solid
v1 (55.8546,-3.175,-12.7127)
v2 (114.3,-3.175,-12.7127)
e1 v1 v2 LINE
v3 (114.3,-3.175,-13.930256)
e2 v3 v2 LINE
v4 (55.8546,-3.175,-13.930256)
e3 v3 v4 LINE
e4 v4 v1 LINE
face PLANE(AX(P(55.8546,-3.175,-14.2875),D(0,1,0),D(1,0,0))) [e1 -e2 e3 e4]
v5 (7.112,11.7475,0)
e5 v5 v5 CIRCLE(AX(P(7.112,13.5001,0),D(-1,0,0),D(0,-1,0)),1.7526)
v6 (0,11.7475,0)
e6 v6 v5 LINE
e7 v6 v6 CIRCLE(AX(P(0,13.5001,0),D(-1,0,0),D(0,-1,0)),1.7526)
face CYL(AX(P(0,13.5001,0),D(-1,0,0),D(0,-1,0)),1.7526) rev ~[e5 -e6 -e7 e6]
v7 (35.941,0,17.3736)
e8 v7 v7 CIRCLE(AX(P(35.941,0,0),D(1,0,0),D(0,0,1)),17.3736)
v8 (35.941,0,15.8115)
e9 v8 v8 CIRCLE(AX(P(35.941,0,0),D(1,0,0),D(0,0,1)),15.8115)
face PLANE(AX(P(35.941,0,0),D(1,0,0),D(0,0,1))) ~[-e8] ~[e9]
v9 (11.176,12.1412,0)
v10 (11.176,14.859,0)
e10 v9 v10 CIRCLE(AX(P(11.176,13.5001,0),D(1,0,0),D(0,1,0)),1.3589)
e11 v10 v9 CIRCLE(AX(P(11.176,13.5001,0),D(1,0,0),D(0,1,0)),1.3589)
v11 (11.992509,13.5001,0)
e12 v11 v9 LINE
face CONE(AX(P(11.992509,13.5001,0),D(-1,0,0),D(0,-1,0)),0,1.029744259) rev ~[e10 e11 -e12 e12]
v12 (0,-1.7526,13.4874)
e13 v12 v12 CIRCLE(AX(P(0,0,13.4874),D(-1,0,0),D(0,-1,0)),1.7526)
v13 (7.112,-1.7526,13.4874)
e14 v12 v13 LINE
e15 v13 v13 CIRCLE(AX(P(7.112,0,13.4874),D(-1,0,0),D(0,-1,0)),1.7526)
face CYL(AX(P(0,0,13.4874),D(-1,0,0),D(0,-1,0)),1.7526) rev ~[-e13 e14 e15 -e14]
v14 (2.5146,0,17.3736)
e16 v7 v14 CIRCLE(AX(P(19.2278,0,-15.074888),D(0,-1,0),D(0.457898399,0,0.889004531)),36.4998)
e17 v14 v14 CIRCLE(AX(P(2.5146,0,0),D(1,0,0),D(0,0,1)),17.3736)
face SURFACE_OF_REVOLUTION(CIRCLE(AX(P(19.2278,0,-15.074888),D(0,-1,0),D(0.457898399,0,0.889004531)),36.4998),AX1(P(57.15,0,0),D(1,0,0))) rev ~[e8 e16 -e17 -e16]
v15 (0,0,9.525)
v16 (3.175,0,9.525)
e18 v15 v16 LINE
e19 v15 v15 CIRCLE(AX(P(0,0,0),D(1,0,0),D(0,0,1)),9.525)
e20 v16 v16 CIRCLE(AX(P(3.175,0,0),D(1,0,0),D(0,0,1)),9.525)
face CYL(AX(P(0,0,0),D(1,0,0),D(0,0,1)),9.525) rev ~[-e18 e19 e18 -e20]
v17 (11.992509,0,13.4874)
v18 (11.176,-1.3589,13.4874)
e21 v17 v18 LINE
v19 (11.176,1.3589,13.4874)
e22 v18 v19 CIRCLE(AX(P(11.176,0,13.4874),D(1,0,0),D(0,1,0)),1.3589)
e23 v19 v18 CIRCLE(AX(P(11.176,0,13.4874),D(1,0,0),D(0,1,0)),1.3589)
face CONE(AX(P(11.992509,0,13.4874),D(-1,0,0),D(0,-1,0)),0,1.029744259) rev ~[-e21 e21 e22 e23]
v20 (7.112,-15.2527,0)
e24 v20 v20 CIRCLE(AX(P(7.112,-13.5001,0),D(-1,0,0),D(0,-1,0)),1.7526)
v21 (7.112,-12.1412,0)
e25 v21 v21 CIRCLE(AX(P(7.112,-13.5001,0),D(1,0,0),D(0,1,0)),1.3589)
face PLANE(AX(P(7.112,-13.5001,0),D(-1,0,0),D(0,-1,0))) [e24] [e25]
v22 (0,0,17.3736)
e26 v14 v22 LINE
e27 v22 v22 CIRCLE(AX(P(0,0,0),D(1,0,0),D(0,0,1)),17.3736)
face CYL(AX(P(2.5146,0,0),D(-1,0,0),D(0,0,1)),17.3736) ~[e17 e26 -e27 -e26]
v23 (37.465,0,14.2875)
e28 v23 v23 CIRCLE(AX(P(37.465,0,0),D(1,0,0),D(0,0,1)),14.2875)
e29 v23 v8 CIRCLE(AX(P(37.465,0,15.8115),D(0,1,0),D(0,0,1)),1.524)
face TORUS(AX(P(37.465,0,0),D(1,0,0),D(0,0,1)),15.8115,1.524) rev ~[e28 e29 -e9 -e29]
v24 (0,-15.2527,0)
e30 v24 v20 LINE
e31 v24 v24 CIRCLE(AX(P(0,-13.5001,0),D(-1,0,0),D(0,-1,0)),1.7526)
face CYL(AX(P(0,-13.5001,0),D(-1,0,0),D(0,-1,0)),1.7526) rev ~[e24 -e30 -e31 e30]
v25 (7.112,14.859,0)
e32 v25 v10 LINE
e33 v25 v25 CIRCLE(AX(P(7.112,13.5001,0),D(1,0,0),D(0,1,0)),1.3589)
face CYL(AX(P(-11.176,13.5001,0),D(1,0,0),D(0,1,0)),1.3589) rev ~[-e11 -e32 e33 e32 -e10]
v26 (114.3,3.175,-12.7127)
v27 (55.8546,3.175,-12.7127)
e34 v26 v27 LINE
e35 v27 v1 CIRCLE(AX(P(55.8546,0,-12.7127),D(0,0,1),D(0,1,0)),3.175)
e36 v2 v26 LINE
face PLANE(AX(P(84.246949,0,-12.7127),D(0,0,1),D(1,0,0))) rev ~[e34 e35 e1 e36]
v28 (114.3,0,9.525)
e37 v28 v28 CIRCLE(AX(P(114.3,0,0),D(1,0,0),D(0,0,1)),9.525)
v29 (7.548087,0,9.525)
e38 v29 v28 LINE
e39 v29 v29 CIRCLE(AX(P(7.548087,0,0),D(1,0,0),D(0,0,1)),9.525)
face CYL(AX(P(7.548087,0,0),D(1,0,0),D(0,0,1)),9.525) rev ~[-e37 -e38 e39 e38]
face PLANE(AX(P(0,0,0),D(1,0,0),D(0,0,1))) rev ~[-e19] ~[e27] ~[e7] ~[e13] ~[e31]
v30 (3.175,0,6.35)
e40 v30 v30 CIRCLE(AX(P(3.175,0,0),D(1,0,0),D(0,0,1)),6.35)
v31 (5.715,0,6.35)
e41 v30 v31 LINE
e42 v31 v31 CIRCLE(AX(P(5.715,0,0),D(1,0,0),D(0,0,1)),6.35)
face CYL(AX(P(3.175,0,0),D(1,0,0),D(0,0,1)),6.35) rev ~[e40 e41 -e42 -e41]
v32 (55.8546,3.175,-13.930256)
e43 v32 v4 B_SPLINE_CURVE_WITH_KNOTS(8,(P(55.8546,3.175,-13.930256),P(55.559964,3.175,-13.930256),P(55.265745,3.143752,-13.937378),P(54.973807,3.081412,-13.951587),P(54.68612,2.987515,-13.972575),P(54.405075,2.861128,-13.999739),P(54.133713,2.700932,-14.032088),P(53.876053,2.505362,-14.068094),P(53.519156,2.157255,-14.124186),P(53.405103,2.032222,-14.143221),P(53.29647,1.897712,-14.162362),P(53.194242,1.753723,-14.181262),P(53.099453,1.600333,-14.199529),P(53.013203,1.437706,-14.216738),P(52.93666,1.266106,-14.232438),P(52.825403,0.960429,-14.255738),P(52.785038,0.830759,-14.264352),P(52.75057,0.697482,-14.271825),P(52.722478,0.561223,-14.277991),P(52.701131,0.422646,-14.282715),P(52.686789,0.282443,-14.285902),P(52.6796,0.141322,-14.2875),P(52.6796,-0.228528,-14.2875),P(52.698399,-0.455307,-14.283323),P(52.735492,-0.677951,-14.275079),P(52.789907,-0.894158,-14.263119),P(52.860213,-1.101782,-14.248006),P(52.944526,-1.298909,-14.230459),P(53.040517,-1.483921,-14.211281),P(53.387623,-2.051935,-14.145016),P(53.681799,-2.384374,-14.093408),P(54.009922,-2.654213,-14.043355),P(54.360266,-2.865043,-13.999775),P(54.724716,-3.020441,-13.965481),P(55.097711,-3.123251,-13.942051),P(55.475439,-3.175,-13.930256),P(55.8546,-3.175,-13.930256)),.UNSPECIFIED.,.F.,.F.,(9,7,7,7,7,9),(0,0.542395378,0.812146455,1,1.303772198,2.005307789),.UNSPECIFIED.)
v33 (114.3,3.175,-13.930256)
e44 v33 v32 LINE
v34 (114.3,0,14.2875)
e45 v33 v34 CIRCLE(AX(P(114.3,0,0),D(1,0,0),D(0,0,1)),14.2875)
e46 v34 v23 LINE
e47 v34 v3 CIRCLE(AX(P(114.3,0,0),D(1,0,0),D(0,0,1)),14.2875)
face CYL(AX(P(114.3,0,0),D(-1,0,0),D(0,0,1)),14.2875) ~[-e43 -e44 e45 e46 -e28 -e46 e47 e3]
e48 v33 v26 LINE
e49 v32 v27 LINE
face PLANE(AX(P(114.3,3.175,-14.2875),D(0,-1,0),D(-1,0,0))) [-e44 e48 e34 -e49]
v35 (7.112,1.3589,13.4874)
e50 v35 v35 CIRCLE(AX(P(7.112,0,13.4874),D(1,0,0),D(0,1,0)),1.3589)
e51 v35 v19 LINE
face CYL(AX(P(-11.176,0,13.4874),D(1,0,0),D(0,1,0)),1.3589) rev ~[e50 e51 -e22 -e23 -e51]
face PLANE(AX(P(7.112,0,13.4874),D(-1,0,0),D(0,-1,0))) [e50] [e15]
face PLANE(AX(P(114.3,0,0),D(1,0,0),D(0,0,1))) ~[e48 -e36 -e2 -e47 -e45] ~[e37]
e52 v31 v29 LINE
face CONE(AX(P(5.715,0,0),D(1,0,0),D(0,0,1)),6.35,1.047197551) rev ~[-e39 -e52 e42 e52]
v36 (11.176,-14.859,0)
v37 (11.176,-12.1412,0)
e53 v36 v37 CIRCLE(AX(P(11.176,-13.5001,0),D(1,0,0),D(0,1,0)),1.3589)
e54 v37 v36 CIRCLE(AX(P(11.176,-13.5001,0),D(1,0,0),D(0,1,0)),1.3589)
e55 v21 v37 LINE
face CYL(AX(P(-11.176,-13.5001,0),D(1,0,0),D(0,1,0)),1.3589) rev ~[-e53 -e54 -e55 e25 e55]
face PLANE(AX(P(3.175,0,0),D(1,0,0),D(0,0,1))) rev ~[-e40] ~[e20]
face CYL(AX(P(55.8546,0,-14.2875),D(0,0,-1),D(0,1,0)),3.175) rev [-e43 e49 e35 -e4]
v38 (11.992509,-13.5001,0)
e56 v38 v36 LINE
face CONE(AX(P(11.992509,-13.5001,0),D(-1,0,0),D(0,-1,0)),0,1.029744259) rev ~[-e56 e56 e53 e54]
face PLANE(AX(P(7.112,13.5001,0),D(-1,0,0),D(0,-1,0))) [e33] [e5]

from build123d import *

# Parameters (mm, degrees)
F3_D     = 2.7178
F3_DEPTH = 11.176
F3_TIP   = 0.8165094952
F2_R     = 1.7526
F4_DEPTH = 7.112
F8_DEPTH = 1.5748
F9_R     = 1.524


with BuildPart() as f1:
    # F0 (on Front) → F1 (revolve)
    with BuildSketch(Plane.XZ):
        with BuildLine():
            ThreePointArc((35.941, 17.3736), (19.2278, 21.4249124266), (2.5146, 17.3736))
            Line((2.5146, 17.3736), (0, 17.3736))
            Line((0, 17.3736), (0, 9.525))
            Line((0, 9.525), (3.175, 9.525))
            Line((3.175, 9.525), (3.175, 6.35))
            Line((3.175, 6.35), (5.715, 6.35))
            Line((5.715, 6.35), (7.5480871047, 9.525))
            Line((7.5480871047, 9.525), (114.3, 9.525))
            Line((114.3, 9.525), (114.3, 14.2875))
            Line((114.3, 14.2875), (35.941, 14.2875))
            Line((35.941, 14.2875), (35.941, 17.3736))
        make_face()
    revolve(axis=Axis((57.15, 0, 0), (1, 0, 0)))

    # F3
    with Locations(Plane(origin=(0, 0, 0), x_dir=(0, -1, 0), z_dir=(-1, 0, 0))):
        with Locations((-13.5001, 0), (0, 13.4874), (13.5001, 0)):
            Hole(F3_D / 2, depth=F3_DEPTH)
            with Locations((0, 0, -(F3_DEPTH + F3_TIP / 2))):  # 118° drill point
                Cone(0, F3_D / 2, F3_TIP, mode=Mode.SUBTRACT)

    # F2 (on face) → F4 (cut)
    with BuildSketch(Plane(origin=(0, 0, 0), x_dir=(0, -1, 0), z_dir=(-1, 0, 0))):
        with Locations((-13.5001, 0)):
            Circle(F2_R)
        with Locations((0, 13.4874)):
            Circle(F2_R)
        with Locations((13.5001, 0)):
            Circle(F2_R)
    extrude(amount=-F4_DEPTH, mode=Mode.SUBTRACT)

    # F7 (on plane+point) → F8 (cut)
    with BuildSketch(Plane.XY.offset(-14.2875)):
        with BuildLine():
            Line((55.8546, -3.175), (114.3, -3.175))
            Line((114.3, -3.175), (114.3, 3.175))
            Line((114.3, 3.175), (55.8546, 3.175))
            ThreePointArc((55.8546, 3.175), (52.6796, 0), (55.8546, -3.175))
        make_face()
    extrude(amount=F8_DEPTH, mode=Mode.SUBTRACT)

    # F9
    f9_edges = [f1.edges().sort_by_distance(p)[0] for p in [
        (35.941, 0, -14.2875),
    ]]
    fillet(f9_edges, radius=F9_R)


solid = f1.part
